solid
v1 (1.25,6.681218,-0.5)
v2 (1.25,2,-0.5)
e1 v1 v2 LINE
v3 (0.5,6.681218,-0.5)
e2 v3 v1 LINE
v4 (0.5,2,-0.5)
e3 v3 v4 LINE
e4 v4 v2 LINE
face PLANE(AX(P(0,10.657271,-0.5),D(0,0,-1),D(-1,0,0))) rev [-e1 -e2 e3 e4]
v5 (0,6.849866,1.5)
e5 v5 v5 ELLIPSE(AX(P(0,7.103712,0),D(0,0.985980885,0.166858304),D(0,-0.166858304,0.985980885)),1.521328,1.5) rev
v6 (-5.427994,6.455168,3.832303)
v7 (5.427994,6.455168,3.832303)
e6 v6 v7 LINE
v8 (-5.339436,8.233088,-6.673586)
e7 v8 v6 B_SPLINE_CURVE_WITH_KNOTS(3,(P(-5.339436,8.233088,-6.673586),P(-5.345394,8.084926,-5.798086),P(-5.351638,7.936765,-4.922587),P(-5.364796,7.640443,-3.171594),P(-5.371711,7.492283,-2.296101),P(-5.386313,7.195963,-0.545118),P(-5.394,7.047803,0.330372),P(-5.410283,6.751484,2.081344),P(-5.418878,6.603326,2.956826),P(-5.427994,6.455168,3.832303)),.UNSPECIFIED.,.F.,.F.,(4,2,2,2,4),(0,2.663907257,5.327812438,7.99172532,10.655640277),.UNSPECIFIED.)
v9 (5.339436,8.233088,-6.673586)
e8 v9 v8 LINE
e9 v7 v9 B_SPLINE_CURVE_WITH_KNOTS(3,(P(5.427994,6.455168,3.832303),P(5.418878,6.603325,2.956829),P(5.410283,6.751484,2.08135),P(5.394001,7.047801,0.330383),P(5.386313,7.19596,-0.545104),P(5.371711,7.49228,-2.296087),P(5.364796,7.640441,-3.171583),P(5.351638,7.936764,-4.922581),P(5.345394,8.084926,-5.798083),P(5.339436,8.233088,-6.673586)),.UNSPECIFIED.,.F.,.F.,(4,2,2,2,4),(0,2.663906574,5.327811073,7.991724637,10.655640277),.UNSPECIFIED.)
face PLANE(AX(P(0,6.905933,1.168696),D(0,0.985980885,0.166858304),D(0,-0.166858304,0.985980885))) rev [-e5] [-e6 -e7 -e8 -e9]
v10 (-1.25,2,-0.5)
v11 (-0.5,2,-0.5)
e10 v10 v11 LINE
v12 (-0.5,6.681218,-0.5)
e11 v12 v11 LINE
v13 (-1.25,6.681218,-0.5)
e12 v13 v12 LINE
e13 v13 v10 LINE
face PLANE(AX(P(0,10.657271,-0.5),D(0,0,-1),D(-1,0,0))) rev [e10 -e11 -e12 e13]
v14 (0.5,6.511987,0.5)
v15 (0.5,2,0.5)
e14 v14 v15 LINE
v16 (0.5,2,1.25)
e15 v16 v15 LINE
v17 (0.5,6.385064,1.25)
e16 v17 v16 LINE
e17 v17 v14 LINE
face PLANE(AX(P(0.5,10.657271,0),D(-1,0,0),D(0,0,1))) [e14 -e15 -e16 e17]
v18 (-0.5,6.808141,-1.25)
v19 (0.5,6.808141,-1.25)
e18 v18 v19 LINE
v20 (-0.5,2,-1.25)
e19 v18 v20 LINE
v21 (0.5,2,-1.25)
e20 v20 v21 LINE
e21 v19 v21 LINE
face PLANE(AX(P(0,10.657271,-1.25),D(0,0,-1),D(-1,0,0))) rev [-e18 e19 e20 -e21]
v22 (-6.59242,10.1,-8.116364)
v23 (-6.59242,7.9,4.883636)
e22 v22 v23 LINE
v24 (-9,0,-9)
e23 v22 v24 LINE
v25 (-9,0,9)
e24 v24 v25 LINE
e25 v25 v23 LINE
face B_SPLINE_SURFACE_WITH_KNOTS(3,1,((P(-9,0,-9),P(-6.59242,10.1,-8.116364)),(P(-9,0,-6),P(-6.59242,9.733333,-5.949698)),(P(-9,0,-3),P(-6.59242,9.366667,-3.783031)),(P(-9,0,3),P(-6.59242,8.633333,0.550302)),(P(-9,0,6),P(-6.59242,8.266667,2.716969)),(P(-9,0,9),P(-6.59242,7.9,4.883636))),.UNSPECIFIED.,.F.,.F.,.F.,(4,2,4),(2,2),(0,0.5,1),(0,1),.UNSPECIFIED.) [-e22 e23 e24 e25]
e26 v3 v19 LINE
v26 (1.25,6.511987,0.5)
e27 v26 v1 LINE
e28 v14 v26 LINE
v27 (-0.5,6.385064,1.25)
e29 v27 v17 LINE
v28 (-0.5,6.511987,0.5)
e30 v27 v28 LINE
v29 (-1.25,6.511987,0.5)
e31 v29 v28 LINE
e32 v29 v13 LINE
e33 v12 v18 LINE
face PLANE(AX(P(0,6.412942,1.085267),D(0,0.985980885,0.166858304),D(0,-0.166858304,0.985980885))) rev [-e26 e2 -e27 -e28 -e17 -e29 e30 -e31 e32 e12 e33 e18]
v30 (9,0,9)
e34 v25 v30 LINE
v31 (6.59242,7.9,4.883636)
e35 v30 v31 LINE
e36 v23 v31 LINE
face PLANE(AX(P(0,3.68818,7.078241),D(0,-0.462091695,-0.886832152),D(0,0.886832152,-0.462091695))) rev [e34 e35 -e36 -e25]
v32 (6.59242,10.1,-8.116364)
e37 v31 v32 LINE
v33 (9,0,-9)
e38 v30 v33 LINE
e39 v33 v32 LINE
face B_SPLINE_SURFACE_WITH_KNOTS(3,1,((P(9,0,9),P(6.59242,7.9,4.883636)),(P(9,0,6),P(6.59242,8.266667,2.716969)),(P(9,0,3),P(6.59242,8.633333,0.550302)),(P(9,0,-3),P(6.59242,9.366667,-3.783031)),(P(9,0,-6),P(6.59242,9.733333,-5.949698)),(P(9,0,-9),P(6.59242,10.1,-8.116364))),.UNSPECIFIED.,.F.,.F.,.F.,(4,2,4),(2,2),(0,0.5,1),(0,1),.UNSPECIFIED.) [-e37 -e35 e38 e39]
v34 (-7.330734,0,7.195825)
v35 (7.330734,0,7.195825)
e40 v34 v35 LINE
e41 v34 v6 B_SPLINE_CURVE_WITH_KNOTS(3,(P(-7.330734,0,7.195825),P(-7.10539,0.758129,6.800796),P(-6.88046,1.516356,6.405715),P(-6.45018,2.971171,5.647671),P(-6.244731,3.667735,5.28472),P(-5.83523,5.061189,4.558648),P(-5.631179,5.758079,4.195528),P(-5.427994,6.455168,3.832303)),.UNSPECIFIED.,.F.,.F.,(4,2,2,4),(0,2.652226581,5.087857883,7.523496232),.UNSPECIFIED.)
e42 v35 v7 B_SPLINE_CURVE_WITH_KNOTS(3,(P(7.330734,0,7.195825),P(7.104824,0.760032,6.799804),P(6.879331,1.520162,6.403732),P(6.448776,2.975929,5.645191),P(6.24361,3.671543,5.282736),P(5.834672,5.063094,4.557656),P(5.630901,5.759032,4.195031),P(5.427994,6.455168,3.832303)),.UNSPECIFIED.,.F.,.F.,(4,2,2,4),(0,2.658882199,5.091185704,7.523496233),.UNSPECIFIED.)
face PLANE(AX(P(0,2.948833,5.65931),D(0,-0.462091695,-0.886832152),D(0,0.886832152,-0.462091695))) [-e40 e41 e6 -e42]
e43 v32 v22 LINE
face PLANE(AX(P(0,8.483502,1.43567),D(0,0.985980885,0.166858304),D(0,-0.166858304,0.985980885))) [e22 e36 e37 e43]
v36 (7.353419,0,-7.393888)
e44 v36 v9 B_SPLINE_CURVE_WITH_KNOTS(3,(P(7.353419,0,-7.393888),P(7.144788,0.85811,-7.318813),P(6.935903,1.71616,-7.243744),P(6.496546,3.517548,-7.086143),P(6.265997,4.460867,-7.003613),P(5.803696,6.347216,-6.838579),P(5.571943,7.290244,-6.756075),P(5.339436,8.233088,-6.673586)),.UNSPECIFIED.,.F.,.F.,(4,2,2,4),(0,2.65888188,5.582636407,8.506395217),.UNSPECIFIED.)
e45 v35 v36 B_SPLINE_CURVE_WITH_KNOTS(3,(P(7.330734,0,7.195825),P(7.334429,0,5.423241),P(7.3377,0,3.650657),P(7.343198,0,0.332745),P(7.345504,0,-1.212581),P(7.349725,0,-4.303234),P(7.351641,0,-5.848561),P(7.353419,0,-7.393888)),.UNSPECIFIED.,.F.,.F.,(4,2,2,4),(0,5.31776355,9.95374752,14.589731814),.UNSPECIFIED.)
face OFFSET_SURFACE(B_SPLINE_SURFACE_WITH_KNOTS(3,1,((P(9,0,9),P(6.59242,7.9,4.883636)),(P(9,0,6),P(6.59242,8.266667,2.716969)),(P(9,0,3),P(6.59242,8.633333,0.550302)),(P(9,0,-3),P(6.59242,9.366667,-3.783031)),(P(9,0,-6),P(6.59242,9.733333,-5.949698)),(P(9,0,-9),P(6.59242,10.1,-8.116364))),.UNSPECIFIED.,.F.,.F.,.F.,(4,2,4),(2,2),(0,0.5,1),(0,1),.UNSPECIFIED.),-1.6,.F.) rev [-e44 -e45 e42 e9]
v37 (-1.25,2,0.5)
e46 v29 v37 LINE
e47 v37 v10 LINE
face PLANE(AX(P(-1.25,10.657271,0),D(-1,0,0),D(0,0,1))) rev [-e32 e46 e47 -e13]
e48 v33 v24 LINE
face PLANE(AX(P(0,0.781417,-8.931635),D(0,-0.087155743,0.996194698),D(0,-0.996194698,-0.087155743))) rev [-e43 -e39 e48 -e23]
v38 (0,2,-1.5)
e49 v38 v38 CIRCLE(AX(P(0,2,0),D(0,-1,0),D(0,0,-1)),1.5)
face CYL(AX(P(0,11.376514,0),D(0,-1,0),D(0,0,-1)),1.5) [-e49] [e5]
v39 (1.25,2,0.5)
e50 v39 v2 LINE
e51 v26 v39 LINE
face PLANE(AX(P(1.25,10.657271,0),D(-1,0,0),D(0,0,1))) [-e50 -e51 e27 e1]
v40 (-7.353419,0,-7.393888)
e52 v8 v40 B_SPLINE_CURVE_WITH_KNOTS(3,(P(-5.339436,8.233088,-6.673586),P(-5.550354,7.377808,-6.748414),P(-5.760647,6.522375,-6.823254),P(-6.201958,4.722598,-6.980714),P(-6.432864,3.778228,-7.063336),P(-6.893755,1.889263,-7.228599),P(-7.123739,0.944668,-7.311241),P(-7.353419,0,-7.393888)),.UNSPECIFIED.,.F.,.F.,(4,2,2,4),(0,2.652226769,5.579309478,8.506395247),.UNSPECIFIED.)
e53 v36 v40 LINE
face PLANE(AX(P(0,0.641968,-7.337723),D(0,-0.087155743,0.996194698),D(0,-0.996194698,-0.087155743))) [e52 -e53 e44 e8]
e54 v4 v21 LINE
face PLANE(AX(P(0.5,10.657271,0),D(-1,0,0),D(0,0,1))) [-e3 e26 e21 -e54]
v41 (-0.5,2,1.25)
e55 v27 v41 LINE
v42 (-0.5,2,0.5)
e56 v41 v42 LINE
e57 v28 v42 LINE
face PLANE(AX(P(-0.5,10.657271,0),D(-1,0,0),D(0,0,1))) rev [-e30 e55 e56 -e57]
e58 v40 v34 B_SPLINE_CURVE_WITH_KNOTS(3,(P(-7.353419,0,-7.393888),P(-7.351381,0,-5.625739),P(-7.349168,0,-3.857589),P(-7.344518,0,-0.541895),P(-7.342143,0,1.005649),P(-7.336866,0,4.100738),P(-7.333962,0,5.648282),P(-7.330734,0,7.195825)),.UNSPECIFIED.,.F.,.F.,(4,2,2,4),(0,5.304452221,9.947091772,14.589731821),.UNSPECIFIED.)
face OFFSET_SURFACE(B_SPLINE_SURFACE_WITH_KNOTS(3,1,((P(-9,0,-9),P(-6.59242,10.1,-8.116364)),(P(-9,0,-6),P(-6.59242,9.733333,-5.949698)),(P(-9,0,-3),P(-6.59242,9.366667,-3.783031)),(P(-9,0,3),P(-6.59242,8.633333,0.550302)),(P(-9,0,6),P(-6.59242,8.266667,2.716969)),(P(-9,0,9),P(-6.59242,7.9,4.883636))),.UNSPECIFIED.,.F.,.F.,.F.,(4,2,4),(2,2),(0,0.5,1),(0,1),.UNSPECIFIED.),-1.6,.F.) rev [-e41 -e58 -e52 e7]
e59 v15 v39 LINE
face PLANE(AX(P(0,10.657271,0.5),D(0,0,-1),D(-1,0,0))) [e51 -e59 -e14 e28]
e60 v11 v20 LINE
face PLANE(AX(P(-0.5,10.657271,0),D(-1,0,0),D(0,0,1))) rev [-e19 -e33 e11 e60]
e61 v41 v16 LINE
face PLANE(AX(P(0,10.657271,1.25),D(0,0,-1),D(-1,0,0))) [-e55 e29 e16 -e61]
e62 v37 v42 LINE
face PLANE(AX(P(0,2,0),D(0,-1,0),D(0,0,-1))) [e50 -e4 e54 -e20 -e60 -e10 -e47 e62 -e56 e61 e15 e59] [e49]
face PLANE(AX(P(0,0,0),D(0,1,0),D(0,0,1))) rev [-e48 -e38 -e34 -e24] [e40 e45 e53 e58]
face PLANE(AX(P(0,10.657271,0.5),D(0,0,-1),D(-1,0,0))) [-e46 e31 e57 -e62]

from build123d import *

# Parameters (mm, degrees)
SHELL1_T            = -1.6
BOSS_EXTRUDE1_REACH = 20.248
BOSS_EXTRUDE1_START = -2
SKETCH4_R           = 1.5
CUT_EXTRUDE1_REACH  = 17.087
SKETCH5_W           = 0.75
SKETCH5_H           = 1
SKETCH5_W_2         = 1
SKETCH5_H_2         = 0.75


with BuildPart() as part:
    # Sketch1 → Loft1 section 0
    with BuildSketch(Plane(origin=(0, 0, 0), x_dir=(1, 0, 0), z_dir=(0, 1, 0))):
        with BuildLine():
            Line((-9, 9), (9, 9))
            Line((9, 9), (9, -9))
            Line((9, -9), (-9, -9))
            Line((-9, -9), (-9, 9))
        make_face()
    # Sketch3 → Loft1 section 1
    with BuildSketch(Plane(origin=(0, 8.483501929, 1.435669557), x_dir=(0, 0.16685830369290802, -0.9859808854580931), z_dir=(0, 0.9859808854580931, 0.16685830369290802))):
        with BuildLine():
            Line((-3.496990657, 6.59241989), (9.687849122, 6.59241989))
            Line((9.687849122, 6.59241989), (9.687849122, -6.59241989))
            Line((9.687849122, -6.59241989), (-3.496990657, -6.59241989))
            Line((-3.496990657, -6.59241989), (-3.496990657, 6.59241989))
        make_face()
    loft()

    # Shell1
    shell1_openings = [part.faces().sort_by_distance(p)[0] for p in [
        (0, 0, 0),
    ]]
    offset(amount=SHELL1_T, openings=shell1_openings, kind=Kind.INTERSECTION)

    # Boss-Extrude1: up to this plane
    boss_extrude1_end = Plane(origin=(0, 6.905932512, 1.168696271), z_dir=(0, 0.9859808854580933, 0.16685830369290802))
    # Sketch4 → Boss-Extrude1 (add, up to the surface)
    with BuildSketch(Plane.XZ.offset(BOSS_EXTRUDE1_START), mode=Mode.PRIVATE) as boss_extrude1_sk1:
        with Locations(Location((0, 0, 0), (0, 0, 270))):
            Circle(SKETCH4_R)
    boss_extrude1_tool1 = split(extrude(boss_extrude1_sk1.sketch, amount=-BOSS_EXTRUDE1_REACH, mode=Mode.PRIVATE), bisect_by=boss_extrude1_end, keep=Keep.BOTH, mode=Mode.PRIVATE)
    add(boss_extrude1_tool1.solids().sort_by_distance((0, 2, 0))[0])

    # Cut-Extrude1: up to this plane
    cut_extrude1_end = Plane(origin=(0, 6.41294207, 1.085267119), z_dir=(0, 0.9859808854580933, 0.16685830369290802))
    # Sketch5 → Cut-Extrude1 (cut, up to the surface)
    with BuildSketch(Plane.XZ.offset(-2), mode=Mode.PRIVATE) as cut_extrude1_sk1:
        with Locations((-0.875, 0)):
            Rectangle(SKETCH5_W, SKETCH5_H)
    cut_extrude1_tool1 = split(extrude(cut_extrude1_sk1.sketch, amount=-CUT_EXTRUDE1_REACH, mode=Mode.PRIVATE), bisect_by=cut_extrude1_end, keep=Keep.BOTH, mode=Mode.PRIVATE)
    add(cut_extrude1_tool1.solids().sort_by_distance((-0.875, 2, 0))[0], mode=Mode.SUBTRACT)
    # Sketch5 → Cut-Extrude1 (cut, up to the surface)
    with BuildSketch(Plane.XZ.offset(-2), mode=Mode.PRIVATE) as cut_extrude1_sk2:
        Rectangle(SKETCH5_W_2, SKETCH5_H)
    cut_extrude1_tool2 = split(extrude(cut_extrude1_sk2.sketch, amount=-CUT_EXTRUDE1_REACH, mode=Mode.PRIVATE), bisect_by=cut_extrude1_end, keep=Keep.BOTH, mode=Mode.PRIVATE)
    add(cut_extrude1_tool2.solids().sort_by_distance((0, 2, 0))[0], mode=Mode.SUBTRACT)
    # Sketch5 → Cut-Extrude1 (cut, up to the surface)
    with BuildSketch(Plane.XZ.offset(-2), mode=Mode.PRIVATE) as cut_extrude1_sk3:
        with Locations((0, 0.875)):
            Rectangle(SKETCH5_W_2, SKETCH5_H_2)
    cut_extrude1_tool3 = split(extrude(cut_extrude1_sk3.sketch, amount=-CUT_EXTRUDE1_REACH, mode=Mode.PRIVATE), bisect_by=cut_extrude1_end, keep=Keep.BOTH, mode=Mode.PRIVATE)
    add(cut_extrude1_tool3.solids().sort_by_distance((0, 2, 0.875))[0], mode=Mode.SUBTRACT)
    # Sketch5 → Cut-Extrude1 (cut, up to the surface)
    with BuildSketch(Plane.XZ.offset(-2), mode=Mode.PRIVATE) as cut_extrude1_sk4:
        with Locations((0.875, 0)):
            Rectangle(SKETCH5_W, SKETCH5_H)
    cut_extrude1_tool4 = split(extrude(cut_extrude1_sk4.sketch, amount=-CUT_EXTRUDE1_REACH, mode=Mode.PRIVATE), bisect_by=cut_extrude1_end, keep=Keep.BOTH, mode=Mode.PRIVATE)
    add(cut_extrude1_tool4.solids().sort_by_distance((0.875, 2, 0))[0], mode=Mode.SUBTRACT)
    # Sketch5 → Cut-Extrude1 (cut, up to the surface)
    with BuildSketch(Plane.XZ.offset(-2), mode=Mode.PRIVATE) as cut_extrude1_sk5:
        with Locations((0, -0.875)):
            Rectangle(SKETCH5_W_2, SKETCH5_H_2)
    cut_extrude1_tool5 = split(extrude(cut_extrude1_sk5.sketch, amount=-CUT_EXTRUDE1_REACH, mode=Mode.PRIVATE), bisect_by=cut_extrude1_end, keep=Keep.BOTH, mode=Mode.PRIVATE)
    add(cut_extrude1_tool5.solids().sort_by_distance((0, 2, -0.875))[0], mode=Mode.SUBTRACT)


solid = part.part
